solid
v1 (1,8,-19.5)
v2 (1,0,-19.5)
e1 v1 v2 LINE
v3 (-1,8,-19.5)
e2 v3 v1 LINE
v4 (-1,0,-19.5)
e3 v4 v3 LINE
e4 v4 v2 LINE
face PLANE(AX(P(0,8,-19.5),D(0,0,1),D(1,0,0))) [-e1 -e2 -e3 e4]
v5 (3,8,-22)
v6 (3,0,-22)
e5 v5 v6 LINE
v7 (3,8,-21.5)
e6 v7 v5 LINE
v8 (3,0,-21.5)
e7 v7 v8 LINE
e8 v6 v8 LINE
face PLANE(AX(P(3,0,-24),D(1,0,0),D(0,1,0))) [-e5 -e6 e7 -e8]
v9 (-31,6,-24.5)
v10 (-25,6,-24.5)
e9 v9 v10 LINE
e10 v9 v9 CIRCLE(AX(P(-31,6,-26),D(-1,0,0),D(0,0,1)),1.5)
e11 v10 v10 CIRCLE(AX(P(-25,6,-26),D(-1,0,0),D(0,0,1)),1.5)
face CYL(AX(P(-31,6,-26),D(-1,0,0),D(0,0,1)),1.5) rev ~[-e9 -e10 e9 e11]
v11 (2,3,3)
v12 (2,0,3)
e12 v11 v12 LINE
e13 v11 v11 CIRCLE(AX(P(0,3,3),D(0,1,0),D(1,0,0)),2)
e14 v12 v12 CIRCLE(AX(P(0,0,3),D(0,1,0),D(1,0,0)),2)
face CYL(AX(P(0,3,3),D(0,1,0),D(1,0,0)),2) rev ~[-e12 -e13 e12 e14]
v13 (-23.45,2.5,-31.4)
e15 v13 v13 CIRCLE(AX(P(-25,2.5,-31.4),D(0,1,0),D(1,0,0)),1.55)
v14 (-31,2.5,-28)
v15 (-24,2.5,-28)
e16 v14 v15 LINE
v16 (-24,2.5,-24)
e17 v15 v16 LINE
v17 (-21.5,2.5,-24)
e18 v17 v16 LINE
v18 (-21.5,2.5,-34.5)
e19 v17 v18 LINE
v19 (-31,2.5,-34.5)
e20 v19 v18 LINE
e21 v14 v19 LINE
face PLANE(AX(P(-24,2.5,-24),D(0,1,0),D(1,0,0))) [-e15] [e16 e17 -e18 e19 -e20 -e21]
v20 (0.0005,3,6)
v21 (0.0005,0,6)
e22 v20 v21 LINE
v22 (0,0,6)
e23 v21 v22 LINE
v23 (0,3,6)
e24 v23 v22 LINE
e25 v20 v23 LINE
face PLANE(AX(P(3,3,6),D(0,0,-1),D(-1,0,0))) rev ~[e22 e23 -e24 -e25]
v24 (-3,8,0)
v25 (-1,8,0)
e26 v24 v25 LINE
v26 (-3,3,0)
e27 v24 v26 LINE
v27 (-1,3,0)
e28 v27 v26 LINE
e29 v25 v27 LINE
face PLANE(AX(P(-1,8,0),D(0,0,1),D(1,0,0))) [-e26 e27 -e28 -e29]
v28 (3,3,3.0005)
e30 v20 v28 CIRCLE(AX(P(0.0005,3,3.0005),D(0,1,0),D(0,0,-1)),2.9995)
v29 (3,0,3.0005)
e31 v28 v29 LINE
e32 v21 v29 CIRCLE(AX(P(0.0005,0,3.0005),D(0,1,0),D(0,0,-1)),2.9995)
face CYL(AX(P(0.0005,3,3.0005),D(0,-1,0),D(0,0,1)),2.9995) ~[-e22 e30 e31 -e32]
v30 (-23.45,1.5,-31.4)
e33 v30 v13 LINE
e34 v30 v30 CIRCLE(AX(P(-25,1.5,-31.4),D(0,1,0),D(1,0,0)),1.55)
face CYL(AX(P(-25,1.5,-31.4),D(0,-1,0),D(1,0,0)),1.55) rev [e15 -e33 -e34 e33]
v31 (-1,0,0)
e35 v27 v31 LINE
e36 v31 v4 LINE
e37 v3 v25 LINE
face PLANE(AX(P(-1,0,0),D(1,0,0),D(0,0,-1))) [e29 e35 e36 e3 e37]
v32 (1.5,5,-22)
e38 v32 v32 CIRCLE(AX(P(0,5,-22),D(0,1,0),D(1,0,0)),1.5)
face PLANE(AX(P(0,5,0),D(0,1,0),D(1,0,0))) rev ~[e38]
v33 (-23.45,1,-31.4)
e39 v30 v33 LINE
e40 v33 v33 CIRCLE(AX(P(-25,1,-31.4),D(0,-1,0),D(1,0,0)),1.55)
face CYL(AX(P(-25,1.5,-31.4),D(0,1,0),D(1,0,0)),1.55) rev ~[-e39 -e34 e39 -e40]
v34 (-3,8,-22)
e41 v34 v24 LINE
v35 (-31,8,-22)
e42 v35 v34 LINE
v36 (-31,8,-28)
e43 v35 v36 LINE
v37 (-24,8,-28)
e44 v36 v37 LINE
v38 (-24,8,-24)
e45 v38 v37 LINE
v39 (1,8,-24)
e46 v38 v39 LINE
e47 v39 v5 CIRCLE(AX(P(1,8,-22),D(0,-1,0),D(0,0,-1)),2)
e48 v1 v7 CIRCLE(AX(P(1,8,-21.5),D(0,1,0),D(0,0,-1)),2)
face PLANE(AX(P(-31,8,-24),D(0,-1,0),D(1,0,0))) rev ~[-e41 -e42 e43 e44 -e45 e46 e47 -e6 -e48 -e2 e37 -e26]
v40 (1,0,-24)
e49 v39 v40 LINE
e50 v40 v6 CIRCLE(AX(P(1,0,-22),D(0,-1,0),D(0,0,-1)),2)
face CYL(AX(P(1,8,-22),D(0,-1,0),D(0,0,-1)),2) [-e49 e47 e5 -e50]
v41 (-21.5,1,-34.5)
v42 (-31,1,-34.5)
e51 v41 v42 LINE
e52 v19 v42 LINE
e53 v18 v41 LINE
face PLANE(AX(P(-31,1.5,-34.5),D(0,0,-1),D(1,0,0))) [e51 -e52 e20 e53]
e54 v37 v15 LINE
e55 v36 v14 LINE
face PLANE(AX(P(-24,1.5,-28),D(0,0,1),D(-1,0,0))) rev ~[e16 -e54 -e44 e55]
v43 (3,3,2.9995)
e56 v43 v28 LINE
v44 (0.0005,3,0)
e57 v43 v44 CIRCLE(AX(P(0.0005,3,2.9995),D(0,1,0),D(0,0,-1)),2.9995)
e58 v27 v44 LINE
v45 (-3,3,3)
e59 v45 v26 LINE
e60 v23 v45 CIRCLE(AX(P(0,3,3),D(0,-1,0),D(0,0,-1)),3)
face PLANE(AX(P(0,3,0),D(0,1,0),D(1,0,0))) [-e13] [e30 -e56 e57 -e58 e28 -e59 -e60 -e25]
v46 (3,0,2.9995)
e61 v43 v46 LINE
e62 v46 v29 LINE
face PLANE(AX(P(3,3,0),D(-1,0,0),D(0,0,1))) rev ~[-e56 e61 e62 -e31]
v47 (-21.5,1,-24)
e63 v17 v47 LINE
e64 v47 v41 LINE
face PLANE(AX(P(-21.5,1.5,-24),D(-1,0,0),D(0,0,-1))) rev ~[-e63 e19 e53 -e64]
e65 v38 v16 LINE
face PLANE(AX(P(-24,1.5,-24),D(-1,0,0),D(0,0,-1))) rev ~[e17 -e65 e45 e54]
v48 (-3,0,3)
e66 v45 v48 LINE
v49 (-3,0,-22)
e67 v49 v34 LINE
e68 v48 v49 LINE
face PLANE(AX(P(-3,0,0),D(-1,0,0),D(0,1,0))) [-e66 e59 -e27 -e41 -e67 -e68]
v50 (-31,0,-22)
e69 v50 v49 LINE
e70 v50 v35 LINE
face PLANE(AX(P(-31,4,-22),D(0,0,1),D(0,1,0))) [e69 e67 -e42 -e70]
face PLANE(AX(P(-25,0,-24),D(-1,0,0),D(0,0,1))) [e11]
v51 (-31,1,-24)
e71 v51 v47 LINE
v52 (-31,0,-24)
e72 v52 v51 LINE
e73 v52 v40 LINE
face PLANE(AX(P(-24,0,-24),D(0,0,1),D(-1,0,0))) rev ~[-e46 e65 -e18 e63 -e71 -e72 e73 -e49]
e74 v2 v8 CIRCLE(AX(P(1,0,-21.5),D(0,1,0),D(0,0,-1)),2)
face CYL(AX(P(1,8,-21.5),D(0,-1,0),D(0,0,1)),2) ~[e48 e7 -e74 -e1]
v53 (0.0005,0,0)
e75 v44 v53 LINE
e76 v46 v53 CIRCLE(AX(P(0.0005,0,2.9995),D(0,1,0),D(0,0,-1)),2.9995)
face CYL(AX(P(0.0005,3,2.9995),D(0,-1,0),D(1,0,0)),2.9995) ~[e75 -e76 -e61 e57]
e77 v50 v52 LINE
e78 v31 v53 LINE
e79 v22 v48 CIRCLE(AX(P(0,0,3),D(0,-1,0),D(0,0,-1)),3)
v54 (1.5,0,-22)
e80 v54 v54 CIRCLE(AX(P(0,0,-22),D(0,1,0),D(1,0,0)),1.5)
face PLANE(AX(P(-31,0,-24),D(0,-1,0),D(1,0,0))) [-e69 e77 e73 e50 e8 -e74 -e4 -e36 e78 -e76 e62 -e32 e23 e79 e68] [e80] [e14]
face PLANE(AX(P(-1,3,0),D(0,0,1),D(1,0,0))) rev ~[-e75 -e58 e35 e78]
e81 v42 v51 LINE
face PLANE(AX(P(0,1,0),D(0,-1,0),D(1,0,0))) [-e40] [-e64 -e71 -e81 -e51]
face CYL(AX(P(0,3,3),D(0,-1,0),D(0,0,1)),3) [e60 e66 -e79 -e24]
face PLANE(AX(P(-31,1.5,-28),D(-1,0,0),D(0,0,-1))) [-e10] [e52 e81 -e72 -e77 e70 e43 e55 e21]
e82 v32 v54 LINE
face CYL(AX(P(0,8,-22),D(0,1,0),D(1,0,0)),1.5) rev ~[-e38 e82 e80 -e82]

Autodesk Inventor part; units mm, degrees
ref_plane "YZ Plane" through (0, 0, 0) normal (1, 0, 0) x (0, 1, 0)
ref_plane "XZ Plane" through (0, 0, 0) normal (0, 1, 0) x (-1, 0, 0)
ref_plane "XY Plane" through (0, 0, 0) normal (0, 0, 1) x (1, 0, 0)
sketch "Szkic1" plane through (0, 0, 0) normal (0, 1, 0) x (-1, 0, 0)
  line L0 (0, 0) -> (3, 0)
  line L1 (3, 0) -> (3, -25)
  line L2 (3, -25) -> (0, -25)
  line L3 (0, -25) -> (0, 0)
  line L4 (3, -25) -> (31, -25)
  line L5 (31, -25) -> (31, -22)
  line L6 (31, -22) -> (3, -22)
  line L7 (3, -22) -> (3, -25)
  point P0 (3, -22)
  dimension "d0" = 3
  dimension "d1" = 25
  dimension "d2" = 28
  dimension "d3" = 3
extrude "Wyciągnięcie proste1" add sketch "Szkic1" along normal blind 8
sketch "Szkic2" plane through (0, 0, 0) normal (1, 0, 0) x (0, 0, -1)
  line L0 (0, 0) -> (0, 8) projected
  line L1 (0, 8) -> (5, 8)
  line L2 (5, 8) -> (5, 0)
  line L3 (5, 0) -> (0, 0)
  line L4 (0, 0) -> (0, 8)
  dimension "d6" = 5
  dimension "d7" = 8
extrude "Wyciągnięcie proste2" add sketch "Szkic2" along normal blind 3
sketch "Szkic6" plane through (0, 8, 0) normal (0, 1, 0) x (1, 0, 0)
  line L0 (-31, 22) -> (-3, 22) projected
  line L1 (0, 25) -> (-31, 25) projected
  line L2 (-3, 22) -> (0, 22)
  line L3 (0, 22) -> (0, 25)
  line L4 (0, 25) -> (-3, 25)
  line L5 (-3, 25) -> (-3, 22)
  line L6 (-3, 25) -> (3, 25)
  line L7 (3, 25) -> (3, 19)
  line L8 (3, 19) -> (-3, 19)
  line L9 (-3, 19) -> (-3, 25)
  point P0 (0, 0)
  dimension "d19" = 6
  dimension "d20" = 6
extrude "Wyciągnięcie proste6" add sketch "Szkic6" against normal blind 8 contours L6 L7 L8 L9 L2 L3
sketch "Szkic7" plane through (0, 8, 0) normal (0, 1, 0) x (1, 0, 0)
  line L0 (3, 19) -> (3, 25) projected
  line L1 (-31, 25) -> (3, 25) projected
  line L2 (-3, 22) -> (-3, 0) projected
  circle A0 centre (0, 22) radius 1.5
  point P0 (0, 0)
  dimension "d23" = 3
  dimension "d42" = 3
  dimension "d43" = 3
extrude "Wyciągnięcie proste7" cut sketch "Szkic7" against normal blind 8
sketch "Szkic8" plane through (0, 8, 0) normal (0, 1, 0) x (1, 0, 0)
  circle A0 centre (0, 22) radius 1.5 projected
  circle A1 centre (0, 22) radius 2
  point P0 (0, 0)
extrude "Wyciągnięcie proste8" add sketch "Szkic8" against normal blind 3 contours A0
sketch "Szkic9" plane through (0, 8, 0) normal (0, 1, 0) x (1, 0, 0)
  line L0 (-31, 25) -> (-31, 22) projected
  line L1 (3, 19) -> (3, 25) projected
  line L2 (-31, 25) -> (3, 25)
  line L3 (3, 25) -> (3, 24)
  line L4 (3, 24) -> (-31, 24)
  line L5 (-31, 24) -> (-31, 25)
  point P0 (0, 0)
  dimension "d28" = 1
extrude "Wyciągnięcie proste9" cut sketch "Szkic9" against normal blind 8
sketch "Szkic10" plane through (0, 0, -5) normal (0, 0, -1) x (-1, 0, 0)
  line L0 (0, 0) -> (0, 8) projected
  line L1 (-3, 8) -> (-3, 0) projected
  line L2 (0, 0) -> (-3, 0)
  line L3 (-3, 0) -> (-3, 8)
  line L4 (-3, 8) -> (0, 8)
  line L5 (0, 8) -> (0, 0)
  point P0 (-3, 0)
extrude "Wyciągnięcie proste10" cut sketch "Szkic10" against normal blind 3.7
sketch "Szkic11" plane through (0, 8, -19) normal (0, 0, 1) x (1, 0, 0)
  line L0 (-3, 0) -> (3, 0) projected
  line L1 (3, -8) -> (0, -8) projected
  line L2 (0, 0) -> (3, 0)
  line L3 (3, 0) -> (3, -8)
  line L4 (3, -8) -> (0, -8)
  line L5 (0, -8) -> (0, 0)
extrude "Wyciągnięcie proste11" cut sketch "Szkic11" against normal blind 0.5
sketch "Szkic12" plane through (3, 8, -24) normal (0, 0, -1) x (-1, 0, 0)
  line L0 (0, -8) -> (0, 0) projected
  line L1 (6, 0) -> (0, 0) projected
  line L2 (0, -8) -> (6, -8)
  line L3 (6, -8) -> (6, 0)
  line L4 (6, 0) -> (0, 0)
  line L5 (0, 0) -> (0, -8)
  point P0 (3, -8)
extrude "Wyciągnięcie proste12" add sketch "Szkic12" along normal blind 0.5
sketch "Szkic13" plane through (0, 0, -1.3) normal (1, 0, 0) x (0, 0, -1)
  line L0 (0, 0) -> (18.2, 0) projected
  line L1 (0, 8) -> (18.2, 8) projected
  line L2 (0, 0) -> (18.2, 0)
  line L3 (18.2, 0) -> (18.2, 8)
  line L4 (18.2, 8) -> (0, 8)
  line L5 (0, 8) -> (0, 0)
  point P0 (-1.3, 0)
  point P1 (18.2, 0)
extrude "Wyciągnięcie proste13" cut sketch "Szkic13" against normal blind 1
sketch "Szkic14" plane through (3, 8, -24.5) normal (0, 0, -1) x (-1, 0, 0)
  line L0 (4, 0) -> (0, 0) projected
  line L1 (6, -8) -> (6, 0) projected
  line L2 (0, 0) -> (6, 0)
  line L3 (6, 0) -> (6, -8)
  line L4 (6, -8) -> (0, -8)
  line L5 (0, -8) -> (0, 0)
  point P0 (3, -8)
extrude "Wyciągnięcie proste14" cut sketch "Szkic14" against normal blind 0.5
sketch "Szkic15" plane through (-3, 0, 0) normal (0, 0, 1) x (1, 0, 0)
  line L0 (6, 8) -> (6, 0) projected
  line L1 (0, 0) -> (0, 8) projected
  line L2 (6, 8) -> (0, 8)
  line L3 (0, 8) -> (0, 0)
  line L4 (0, 0) -> (6, 0)
  line L5 (6, 0) -> (6, 8)
  point P0 (3, 0)
extrude "Wyciągnięcie proste15" add sketch "Szkic15" along normal blind 4.7
sketch "Szkic16" plane through (3, 0, 0) normal (1, 0, 0) x (0, 0, -1)
  line L0 (-4.7, 8) -> (-4.7, 0) projected
  line L1 (1.3, 0) -> (1.3, 8) projected
  line L2 (-4.7, 0) -> (1.3, 0)
  line L3 (1.3, 0) -> (1.3, 8)
  line L4 (1.3, 8) -> (-4.7, 8)
  line L5 (-4.7, 8) -> (-4.7, 0)
  point P0 (0, 0)
extrude "Wyciągnięcie proste16" cut sketch "Szkic16" against normal blind 4
sketch "Szkic17" plane through (0, 8, 0) normal (0, 1, 0) x (1, 0, 0)
  line L0 (-1, 19.5) -> (-1, -4.7) projected
  line L1 (-3, -4.7) -> (-1, -4.7)
  line L2 (-1, -4.7) -> (-1, 0)
  line L3 (-1, 0) -> (-3, 0)
  line L4 (-3, 0) -> (-3, -4.7)
  line L5 (-3, 0) -> (3, 0)
  line L6 (3, 0) -> (3, -6)
  line L7 (3, -6) -> (-3, -6)
  line L8 (-3, -6) -> (-3, 0)
  point P0 (0, 0)
  dimension "d48" = 6
  dimension "d49" = 6
extrude "Wyciągnięcie proste17" cut sketch "Szkic17" against normal blind 5
sketch "Szkic18" plane through (0, 3, 0) normal (0, 1, 0) x (1, 0, 0)
  line L0 (-3, 0) -> (-1, 0) projected
  line L1 (-3, 0) -> (3, 0)
  line L2 (3, 0) -> (3, -6)
  line L3 (3, -6) -> (-3, -6)
  line L4 (-3, -6) -> (-3, 0)
  point P0 (0, 0)
  dimension "d52" = 6
  dimension "d53" = 6
extrude "Wyciągnięcie proste18" add sketch "Szkic18" against normal blind 3
sketch "Szkic19" plane through (0, 3, 0) normal (0, 1, 0) x (1, 0, 0)
  circle A0 centre (0, -3) radius 2
  line L0 (-3, -6) -> (-3, 0) projected
  line L1 (-3, -6) -> (3, -6) projected
  point P0 (0, 0)
  dimension "d56" = 4
  dimension "d57" = 3
  dimension "d58" = 3
extrude "Wyciągnięcie proste19" cut sketch "Szkic19" against normal blind 3
sketch "Szkic20" plane through (-31, 0, -22) normal (0, 0, 1) x (1, 0, 0)
  line L0 (34, 8) -> (0, 8) projected
  line L1 (0, 8) -> (7, 8)
  line L2 (7, 8) -> (7, 4)
  line L3 (7, 4) -> (0, 4)
  line L4 (0, 4) -> (0, 8)
  point P0 (31, 0)
  point P1 (7, 8)
  dimension "d61" = 7
  dimension "d62" = 4
extrude "Wyciągnięcie proste20" add sketch "Szkic20" along normal blind 4
sketch "Szkic21" plane through (-31, 0, -24) normal (-1, 0, 0) x (0, 0, 1)
  circle A0 centre (4, 6) radius 1.5
  line L0 (6, 8) -> (6, 4) projected
  line L1 (2, 4) -> (6, 4) projected
  point P0 (24, 0)
  point P1 (4, 4)
  dimension "d65" = 3
  dimension "d66" = 2
  dimension "d67" = 2
extrude "Wyciągnięcie proste21" cut sketch "Szkic21" against normal blind 6
sketch "Szkic22" plane through (3, 8, -24) normal (0, 0, -1) x (-1, 0, 0)
  line L0 (34, 0) -> (34, -8) projected
  line L1 (34, 0) -> (27, 0)
  line L2 (27, 0) -> (27, -4)
  line L3 (27, -4) -> (34, -4)
  line L4 (34, -4) -> (34, 0)
  point P0 (3, -8)
  dimension "d70" = 7
  dimension "d71" = 4
extrude "Wyciągnięcie proste22" add sketch "Szkic22" along normal blind 4
sketch "Szkic23" plane through (-31, 0, -24) normal (-1, 0, 0) x (0, 0, 1)
  circle A0 centre (-2, 6) radius 1.5
  line L0 (-4, 8) -> (6, 8) projected
  line L1 (-4, 4) -> (-4, 8) projected
  line L2 (2, 0) -> (2, 8) projected
  line L3 (6, 8) -> (2, 8)
  line L4 (2, 8) -> (2, 4)
  line L5 (2, 4) -> (6, 4)
  line L6 (6, 4) -> (6, 8)
  point P0 (24, 0)
  point P1 (-4, 6)
  dimension "d74" = 3
  dimension "d75" = 2
  dimension "d76" = 2
extrude "Wyciągnięcie proste23" cut sketch "Szkic23" against normal blind 7 contours L0 L6 L5 L2
extrude "Wyciągnięcie proste24" cut sketch "Szkic23" against normal blind 6 contours A0
sketch "Sketch24" plane through (3, 0, -24) normal (0, 0, -1) x (-1, 0, 0)
  line L0 (34, 4) -> (27, 4) projected
  line L1 (27, 4) -> (27, 8) projected
  line L2 (0, 8) -> (27, 8) projected
  line L3 (0, 0) -> (0, 8) projected
  line L4 (34, 0) -> (0, 0) projected
  line L5 (34, 4) -> (34, 0) projected
  point P0 (3, 0)
extrude "Extrusion25" add sketch "Sketch24" along normal blind 0.5
sketch "Szkic25" plane through (3, 0, -24.5) normal (0, 0, -1) x (-1, 0, 0)
  line L0 (27, 4) -> (34, 4) projected
  line L1 (27, 8) -> (27, 4) projected
  line L2 (27, 8) -> (0, 8) projected
  line L3 (0, 8) -> (0, 0) projected
  line L4 (0, 0) -> (34, 0) projected
  line L5 (34, 0) -> (34, 4) projected
  point P0 (3, 0)
extrude "Wyciągnięcie proste26" cut sketch "Szkic25" against normal blind 0.5
sketch "Szkic26" plane through (3, 0, -24) normal (0, 0, -1) x (-1, 0, 0)
  line L0 (34, 0) -> (6, 0) projected
  line L1 (34, 0) -> (24.5, 0)
  line L2 (24.5, 0) -> (24.5, 1.5)
  line L3 (24.5, 1.5) -> (34, 1.5)
  line L4 (34, 1.5) -> (34, 0)
  point P0 (3, 0)
  point P1 (24.5, 0)
  dimension "d85" = 9.5
  dimension "d86" = 1.5
extrude "Wyciągnięcie proste27" add sketch "Szkic26" along normal blind 10.5
sketch "Szkic27" plane through (-31, 1.5, -24) normal (0, 1, 0) x (1, 0, 0)
  circle A0 centre (6, 7.4) radius 1.55
  line L0 (7, 0) -> (0, 0) projected
  line L1 (0, 0) -> (0, 10.5) projected
  point P0 (31, -24)
  point P1 (0, 5.25)
  dimension "d89" = 3.1
  dimension "d90" = 7.4
  dimension "d91" = 6
extrude "Wyciągnięcie proste28" cut sketch "Szkic27" against normal blind 2
fillet "Fillet1" radius 3 2 edges at (3, 1.5, 0) (3, 1.5, 6)
fillet "Fillet2" radius 2 2 edges at (3, 4, -19.5) (3, 4, -24)
fillet "Zaokrąglenie3" radius 3 1 edges at (-3, 1.5, 6)
sketch "Szkic28" plane through (-31, 1.5, -24) normal (0, 1, 0) x (1, 0, 0)
  line L0 (0, -2) -> (28, -2) projected
  line L1 (0, 0) -> (0, 4) projected
  line L2 (7, 4) -> (0, 4) projected
  line L3 (7, 0) -> (7, 4) projected
  line L4 (7, 0) -> (0, 0) projected
  point P0 (31, -24)
extrude "Wyciągnięcie proste29" add sketch "Szkic28" along normal blind 2.5
sketch "Szkic29" plane through (-24, 1.5, -24) normal (0, 1, 0) x (1, 0, 0)
  line L0 (-7, 4) -> (0, 4) projected
  line L1 (0, 4) -> (0, 0) projected
  line L2 (2.5, 0) -> (0, 0) projected
  line L3 (2.5, 0) -> (2.5, 10.5) projected
  line L4 (-7, 10.5) -> (2.5, 10.5) projected
  line L5 (-7, 4) -> (-7, 10.5) projected
  circle A0 centre (-1, 7.4) radius 1.55 projected
  point P0 (24, -24)
extrude "Wyciągnięcie proste30" add sketch "Szkic29" along normal blind 1
sketch "Szkic30" plane through (0, 0, 0) normal (0, -1, 0) x (1, 0, 0)
  line L0 (-24, -28) -> (-31, -28) projected
  line L1 (-24, -24) -> (-24, -28) projected
  line L2 (-21.5, -24) -> (-24, -24) projected
  line L3 (-21.5, -24) -> (-21.5, -34.5) projected
  line L4 (-21.5, -34.5) -> (-31, -34.5) projected
  line L5 (-31, -34.5) -> (-31, -28) projected
  circle A0 centre (-25, -31.4) radius 1.55 projected
  point P0 (0, 0)
extrude "Wyciągnięcie proste31" cut sketch "Szkic30" against normal blind 1
sketch "Szkic31" plane through (0, 0, 0) normal (0, -1, 0) x (1, 0, 0)
  line L0 (-24, -24) -> (1, -24) projected
  line L1 (-31, -28) -> (-31, -22) projected
  line L2 (-24, -24) -> (-31, -24)
  line L3 (-31, -24) -> (-31, -25.3)
  line L4 (-31, -25.3) -> (-24, -25.3)
  line L5 (-24, -25.3) -> (-24, -24)
  line L6 (-24, -28) -> (-24, -24) projected
  line L7 (-24, -28) -> (-31, -28)
  line L8 (-31, -28) -> (-31, -25.3)
  line L9 (-31, -25.3) -> (-24, -25.3)
  line L10 (-24, -25.3) -> (-24, -28)
  point P0 (0, 0)
  dimension "d103" = 1.3
extrude "Wyciągnięcie proste32" cut sketch "Szkic31" against normal blind 1
properties part number "prawascianakolo" material "Tworzywo sztuczne PET"
